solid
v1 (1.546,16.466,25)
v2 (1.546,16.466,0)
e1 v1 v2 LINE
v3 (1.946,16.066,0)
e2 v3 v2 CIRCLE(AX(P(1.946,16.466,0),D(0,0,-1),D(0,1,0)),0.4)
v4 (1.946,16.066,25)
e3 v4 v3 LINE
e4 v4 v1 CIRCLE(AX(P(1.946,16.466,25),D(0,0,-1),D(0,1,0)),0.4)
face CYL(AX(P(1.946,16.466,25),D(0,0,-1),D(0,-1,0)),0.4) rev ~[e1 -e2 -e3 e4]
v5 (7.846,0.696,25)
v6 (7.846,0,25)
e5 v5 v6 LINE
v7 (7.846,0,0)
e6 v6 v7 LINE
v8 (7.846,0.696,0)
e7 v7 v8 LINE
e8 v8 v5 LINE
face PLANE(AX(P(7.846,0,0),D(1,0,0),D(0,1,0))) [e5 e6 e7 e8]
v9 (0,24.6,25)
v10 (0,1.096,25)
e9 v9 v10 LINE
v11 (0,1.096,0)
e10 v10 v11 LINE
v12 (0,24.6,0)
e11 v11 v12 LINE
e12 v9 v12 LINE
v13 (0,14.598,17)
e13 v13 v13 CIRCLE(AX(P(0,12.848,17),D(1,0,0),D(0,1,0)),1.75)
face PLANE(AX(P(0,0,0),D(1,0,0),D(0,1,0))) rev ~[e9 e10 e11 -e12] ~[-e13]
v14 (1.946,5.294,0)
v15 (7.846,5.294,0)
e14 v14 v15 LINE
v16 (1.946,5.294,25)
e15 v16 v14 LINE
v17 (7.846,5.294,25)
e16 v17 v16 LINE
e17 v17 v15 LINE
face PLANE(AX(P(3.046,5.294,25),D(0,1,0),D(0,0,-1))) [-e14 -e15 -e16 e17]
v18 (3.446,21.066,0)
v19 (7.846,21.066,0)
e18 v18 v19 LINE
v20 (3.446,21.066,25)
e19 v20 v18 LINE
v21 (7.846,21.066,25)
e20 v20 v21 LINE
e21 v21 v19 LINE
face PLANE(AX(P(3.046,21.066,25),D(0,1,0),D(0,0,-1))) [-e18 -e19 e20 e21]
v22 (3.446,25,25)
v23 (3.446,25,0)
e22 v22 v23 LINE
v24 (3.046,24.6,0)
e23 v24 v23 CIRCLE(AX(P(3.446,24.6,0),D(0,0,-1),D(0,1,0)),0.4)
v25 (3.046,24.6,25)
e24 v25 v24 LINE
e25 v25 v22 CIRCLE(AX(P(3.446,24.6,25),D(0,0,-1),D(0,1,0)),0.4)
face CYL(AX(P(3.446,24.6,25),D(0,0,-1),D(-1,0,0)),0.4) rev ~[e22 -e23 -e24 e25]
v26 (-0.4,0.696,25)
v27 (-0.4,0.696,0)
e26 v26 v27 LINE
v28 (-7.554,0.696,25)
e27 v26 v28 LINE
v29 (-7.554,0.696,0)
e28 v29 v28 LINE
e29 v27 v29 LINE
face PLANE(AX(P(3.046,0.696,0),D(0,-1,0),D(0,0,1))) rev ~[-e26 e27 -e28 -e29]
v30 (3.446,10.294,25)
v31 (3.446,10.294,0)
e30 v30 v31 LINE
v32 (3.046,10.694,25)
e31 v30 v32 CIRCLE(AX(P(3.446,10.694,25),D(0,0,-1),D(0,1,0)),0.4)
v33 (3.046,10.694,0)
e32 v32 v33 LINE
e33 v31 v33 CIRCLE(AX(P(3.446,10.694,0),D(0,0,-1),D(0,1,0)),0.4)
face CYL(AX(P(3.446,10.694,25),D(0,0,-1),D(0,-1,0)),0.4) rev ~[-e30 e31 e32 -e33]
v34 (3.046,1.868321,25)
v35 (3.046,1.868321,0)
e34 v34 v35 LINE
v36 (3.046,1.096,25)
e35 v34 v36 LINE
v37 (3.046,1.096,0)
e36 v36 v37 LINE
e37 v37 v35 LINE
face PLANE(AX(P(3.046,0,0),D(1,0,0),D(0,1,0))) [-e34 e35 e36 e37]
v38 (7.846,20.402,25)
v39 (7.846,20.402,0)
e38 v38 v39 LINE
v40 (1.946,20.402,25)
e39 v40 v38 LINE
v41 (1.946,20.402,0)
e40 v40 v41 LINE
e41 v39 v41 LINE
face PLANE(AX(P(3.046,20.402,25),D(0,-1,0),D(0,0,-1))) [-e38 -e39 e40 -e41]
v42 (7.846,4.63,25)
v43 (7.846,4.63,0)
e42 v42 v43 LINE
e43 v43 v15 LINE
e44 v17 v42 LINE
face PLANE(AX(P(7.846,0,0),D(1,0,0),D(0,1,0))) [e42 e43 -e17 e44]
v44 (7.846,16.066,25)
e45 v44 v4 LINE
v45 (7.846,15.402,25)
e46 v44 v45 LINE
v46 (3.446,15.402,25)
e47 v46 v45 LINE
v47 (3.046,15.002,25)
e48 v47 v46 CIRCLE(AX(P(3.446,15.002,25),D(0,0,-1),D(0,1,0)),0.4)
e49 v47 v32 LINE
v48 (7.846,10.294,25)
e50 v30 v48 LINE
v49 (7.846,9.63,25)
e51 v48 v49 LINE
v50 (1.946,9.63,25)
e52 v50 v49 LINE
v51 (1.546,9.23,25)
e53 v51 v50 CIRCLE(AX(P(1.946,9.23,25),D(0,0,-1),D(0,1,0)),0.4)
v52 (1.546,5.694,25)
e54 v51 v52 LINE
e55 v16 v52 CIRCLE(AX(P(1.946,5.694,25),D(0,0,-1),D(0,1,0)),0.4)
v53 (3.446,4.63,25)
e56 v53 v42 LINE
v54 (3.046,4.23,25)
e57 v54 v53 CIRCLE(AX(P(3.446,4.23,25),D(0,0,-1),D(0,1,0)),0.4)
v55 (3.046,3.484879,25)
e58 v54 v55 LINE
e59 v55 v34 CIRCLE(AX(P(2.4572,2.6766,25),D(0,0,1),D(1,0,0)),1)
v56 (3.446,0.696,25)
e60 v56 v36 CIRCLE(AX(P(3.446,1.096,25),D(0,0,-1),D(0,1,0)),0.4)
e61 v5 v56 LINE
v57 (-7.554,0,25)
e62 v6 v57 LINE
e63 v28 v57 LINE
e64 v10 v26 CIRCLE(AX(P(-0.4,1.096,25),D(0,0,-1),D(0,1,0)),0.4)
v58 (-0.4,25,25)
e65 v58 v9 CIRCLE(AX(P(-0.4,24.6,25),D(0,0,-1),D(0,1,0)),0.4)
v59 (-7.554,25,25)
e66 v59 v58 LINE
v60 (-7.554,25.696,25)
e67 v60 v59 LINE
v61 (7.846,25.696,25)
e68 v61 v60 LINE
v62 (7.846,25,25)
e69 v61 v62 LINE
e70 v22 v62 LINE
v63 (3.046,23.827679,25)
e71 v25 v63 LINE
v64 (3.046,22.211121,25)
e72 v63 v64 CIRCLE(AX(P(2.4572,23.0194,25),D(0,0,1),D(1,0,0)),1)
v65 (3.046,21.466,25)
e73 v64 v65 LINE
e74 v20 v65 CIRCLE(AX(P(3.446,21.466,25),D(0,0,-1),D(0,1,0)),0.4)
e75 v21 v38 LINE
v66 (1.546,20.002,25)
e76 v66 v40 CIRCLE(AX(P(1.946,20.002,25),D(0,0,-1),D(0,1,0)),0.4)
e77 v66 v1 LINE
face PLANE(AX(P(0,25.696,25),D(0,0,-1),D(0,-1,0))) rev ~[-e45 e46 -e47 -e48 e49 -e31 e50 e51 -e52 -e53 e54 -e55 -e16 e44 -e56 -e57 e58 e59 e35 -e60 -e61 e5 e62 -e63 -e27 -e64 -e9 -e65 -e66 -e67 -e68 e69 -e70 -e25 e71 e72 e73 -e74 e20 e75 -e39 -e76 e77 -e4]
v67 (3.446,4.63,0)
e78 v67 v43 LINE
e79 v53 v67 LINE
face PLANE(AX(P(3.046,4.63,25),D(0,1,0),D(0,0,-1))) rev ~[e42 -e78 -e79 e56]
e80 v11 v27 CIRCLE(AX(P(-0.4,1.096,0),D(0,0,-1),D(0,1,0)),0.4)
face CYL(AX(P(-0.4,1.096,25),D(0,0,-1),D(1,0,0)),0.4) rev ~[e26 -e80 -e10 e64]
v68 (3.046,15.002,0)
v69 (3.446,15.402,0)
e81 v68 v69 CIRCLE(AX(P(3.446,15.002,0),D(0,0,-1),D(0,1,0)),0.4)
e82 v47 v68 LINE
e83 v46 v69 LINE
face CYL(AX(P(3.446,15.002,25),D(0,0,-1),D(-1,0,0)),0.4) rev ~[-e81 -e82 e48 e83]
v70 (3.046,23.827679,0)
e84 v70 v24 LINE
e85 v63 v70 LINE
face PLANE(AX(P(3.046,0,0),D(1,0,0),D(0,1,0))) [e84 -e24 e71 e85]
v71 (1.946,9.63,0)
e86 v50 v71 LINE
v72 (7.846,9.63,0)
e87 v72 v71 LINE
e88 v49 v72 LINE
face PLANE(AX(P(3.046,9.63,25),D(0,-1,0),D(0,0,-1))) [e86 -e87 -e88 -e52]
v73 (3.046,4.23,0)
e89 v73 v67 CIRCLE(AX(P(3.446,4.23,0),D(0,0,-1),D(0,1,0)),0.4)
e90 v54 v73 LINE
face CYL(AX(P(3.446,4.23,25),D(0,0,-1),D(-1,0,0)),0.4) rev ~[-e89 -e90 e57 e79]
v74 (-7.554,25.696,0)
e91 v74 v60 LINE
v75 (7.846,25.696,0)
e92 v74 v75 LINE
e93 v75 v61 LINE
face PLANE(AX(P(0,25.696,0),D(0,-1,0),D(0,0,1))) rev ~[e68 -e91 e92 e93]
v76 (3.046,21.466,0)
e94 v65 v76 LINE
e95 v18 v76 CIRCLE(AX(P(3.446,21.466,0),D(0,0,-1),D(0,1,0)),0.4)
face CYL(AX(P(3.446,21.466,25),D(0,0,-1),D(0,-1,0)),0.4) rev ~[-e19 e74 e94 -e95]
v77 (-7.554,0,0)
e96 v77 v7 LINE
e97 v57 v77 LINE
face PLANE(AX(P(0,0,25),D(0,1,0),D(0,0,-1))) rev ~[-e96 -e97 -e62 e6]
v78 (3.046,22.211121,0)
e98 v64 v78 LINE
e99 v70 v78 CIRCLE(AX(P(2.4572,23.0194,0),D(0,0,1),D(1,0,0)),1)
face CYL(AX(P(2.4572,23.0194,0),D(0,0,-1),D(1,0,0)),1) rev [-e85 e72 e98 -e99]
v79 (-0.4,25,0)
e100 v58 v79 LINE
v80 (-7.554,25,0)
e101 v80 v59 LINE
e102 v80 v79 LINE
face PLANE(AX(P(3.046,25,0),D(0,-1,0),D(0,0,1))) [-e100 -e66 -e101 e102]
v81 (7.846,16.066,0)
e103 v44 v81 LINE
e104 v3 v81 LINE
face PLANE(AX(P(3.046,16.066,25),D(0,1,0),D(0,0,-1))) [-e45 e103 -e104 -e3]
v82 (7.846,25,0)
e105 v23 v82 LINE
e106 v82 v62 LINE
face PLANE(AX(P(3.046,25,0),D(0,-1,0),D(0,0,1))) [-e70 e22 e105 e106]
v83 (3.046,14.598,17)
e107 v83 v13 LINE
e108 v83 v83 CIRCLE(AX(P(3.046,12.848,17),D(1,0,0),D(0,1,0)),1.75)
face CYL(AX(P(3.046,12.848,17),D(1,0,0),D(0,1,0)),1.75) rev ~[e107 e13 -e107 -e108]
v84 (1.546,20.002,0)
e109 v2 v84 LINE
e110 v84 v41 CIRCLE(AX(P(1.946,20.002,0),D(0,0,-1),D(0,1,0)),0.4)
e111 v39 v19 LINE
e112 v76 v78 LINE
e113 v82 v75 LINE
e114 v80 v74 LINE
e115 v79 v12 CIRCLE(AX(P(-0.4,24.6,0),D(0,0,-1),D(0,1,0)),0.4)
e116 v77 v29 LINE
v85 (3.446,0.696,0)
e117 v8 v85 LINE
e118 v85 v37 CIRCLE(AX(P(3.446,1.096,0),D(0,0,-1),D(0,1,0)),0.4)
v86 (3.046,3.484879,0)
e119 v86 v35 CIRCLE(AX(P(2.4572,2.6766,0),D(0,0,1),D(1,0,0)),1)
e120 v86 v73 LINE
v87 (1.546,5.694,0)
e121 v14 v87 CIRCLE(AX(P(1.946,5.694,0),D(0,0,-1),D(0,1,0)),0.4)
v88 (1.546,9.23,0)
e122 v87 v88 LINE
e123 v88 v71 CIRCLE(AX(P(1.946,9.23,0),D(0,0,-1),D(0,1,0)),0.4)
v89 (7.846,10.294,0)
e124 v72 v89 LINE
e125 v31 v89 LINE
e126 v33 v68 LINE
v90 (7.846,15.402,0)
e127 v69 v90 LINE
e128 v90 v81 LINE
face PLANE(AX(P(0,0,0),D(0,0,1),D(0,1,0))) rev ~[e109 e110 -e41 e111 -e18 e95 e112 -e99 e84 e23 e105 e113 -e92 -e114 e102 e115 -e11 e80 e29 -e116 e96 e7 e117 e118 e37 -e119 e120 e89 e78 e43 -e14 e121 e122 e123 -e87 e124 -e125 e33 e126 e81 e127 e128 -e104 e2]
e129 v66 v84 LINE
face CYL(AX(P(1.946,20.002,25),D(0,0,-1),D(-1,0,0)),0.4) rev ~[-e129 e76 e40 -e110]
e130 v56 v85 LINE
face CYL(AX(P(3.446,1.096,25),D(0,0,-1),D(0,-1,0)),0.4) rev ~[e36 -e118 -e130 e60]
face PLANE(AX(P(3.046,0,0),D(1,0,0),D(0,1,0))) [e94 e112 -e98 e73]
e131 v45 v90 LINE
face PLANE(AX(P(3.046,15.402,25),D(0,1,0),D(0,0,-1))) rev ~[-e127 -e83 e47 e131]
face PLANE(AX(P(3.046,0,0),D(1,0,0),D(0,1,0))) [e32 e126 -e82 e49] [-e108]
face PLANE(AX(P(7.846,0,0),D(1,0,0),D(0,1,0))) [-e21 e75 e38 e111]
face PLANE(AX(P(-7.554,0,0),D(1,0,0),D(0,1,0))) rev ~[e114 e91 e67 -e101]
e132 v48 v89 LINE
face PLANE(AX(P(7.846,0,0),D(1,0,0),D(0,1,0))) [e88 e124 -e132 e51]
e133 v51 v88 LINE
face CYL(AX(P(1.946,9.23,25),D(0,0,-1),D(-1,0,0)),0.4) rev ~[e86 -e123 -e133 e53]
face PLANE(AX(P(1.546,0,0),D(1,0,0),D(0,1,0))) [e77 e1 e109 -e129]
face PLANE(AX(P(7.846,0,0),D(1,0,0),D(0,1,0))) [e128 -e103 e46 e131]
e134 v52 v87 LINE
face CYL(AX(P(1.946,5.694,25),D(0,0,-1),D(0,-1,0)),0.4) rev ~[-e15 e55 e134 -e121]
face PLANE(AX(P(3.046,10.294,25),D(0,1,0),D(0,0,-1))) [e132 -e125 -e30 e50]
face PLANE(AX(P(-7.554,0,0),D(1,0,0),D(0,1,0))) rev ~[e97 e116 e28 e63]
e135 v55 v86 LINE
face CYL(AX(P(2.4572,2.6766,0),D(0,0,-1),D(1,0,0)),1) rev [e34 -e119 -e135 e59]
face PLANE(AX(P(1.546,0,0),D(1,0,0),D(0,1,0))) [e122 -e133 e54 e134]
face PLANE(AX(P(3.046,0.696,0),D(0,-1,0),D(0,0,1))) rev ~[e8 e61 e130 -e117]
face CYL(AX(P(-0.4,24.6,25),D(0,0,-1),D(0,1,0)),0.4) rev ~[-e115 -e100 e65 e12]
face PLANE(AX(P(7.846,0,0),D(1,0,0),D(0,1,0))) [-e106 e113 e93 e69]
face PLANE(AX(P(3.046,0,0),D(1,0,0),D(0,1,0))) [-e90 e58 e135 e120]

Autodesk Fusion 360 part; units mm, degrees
sketch "Sketch1" plane through (0, 0, 0) normal (1, 0, 0) x (0, 1, 0)
  line L0 (0, 0) -> (25.696, 0)
  line L1 (25.696, 0) -> (25.696, 25)
  line L2 (25.696, 25) -> (0, 25)
  line L3 (0, 25) -> (0, 0)
  dimension "d1" = 25.696
  dimension "d2" = 25
extrude "Extrude1" add sketch "Sketch1" along normal blind 3.046
sketch "Sketch4" plane through (3.046, 0, 0) normal (1, 0, 0) x (0, 1, 0)
  line L0 (0, 25) -> (0, 0)
  line L1 (0, 0) -> (25.696, 0)
  line L2 (25.696, 0) -> (25.696, 25)
  line L3 (25.696, 25) -> (0, 25)
  line L4 (0, 0) -> (0.696, 0)
  line L5 (0.696, 0) -> (0.696, 25)
  line L6 (0.696, 25) -> (0, 25)
  line L7 (0, 25) -> (0, 0)
  line L8 (12.848, 25) -> (12.848, 0) construction
  line L9 (25.696, 25) -> (25.696, 0)
  line L10 (25, 0) -> (25, 25)
  dimension "d15" = 0.696
  dimension "d16" = 25
extrude "Extrude3" add sketch "Sketch4" along normal blind 4.8 and the other way blind 10.6 contours L0 L1 L3 L4 L5 L6 L7 | L1 L2 L3 L9 L10
sketch "Sketch5" plane through (3.046, 0, 0) normal (1, 0, 0) x (0, 1, 0)
  line L0 (25, 0) -> (25, 25)
  line L1 (25, 25) -> (0.696, 25)
  line L2 (0.696, 25) -> (0.696, 0)
  line L3 (0.696, 0) -> (25, 0)
  line L4 (4.63, 25) -> (4.63, 0)
  line L5 (5.294, 25) -> (5.294, 0)
  line L6 (9.63, 25) -> (9.63, 0)
  line L7 (10.294, 25) -> (10.294, 0)
  line L8 (12.848, 25) -> (12.848, 0) construction
  line L9 (21.066, 25) -> (21.066, 0)
  line L10 (20.402, 25) -> (20.402, 0)
  line L11 (16.066, 25) -> (16.066, 0)
  line L12 (15.402, 25) -> (15.402, 0)
  dimension "d21" = -3.934
  dimension "d22" = -4.598
  dimension "d23" = -8.934
  dimension "d24" = -9.598
extrude "Extrude4" add sketch "Sketch5" along normal blind 4.8 contours L1 L3 L9 L10 | L1 L3 L11 L12 | L1 L3 L6 L7 | L1 L3 L4 L5
sketch "Sketch6" plane through (0, 0, 0) normal (0, 0, 1) x (1, 0, 0)
  circle A0 centre (2.4572, 2.6766) radius 1
  line L0 (0, 0) -> (0, 25.696)
  line L1 (0, 12.848) -> (3.046, 12.848) construction
  circle A1 centre (2.4572, 23.0194) radius 1
  dimension "d27" = 2
  dimension "d28" = 25.696
  dimension "d29" = 3.046
extrude "Extrude5" cut sketch "Sketch6" along normal blind 25
sketch "Sketch7" plane through (0, 0, 0) normal (1, 0, 0) x (0, 1, 0)
sketch "Sketch8" plane through (3.046, 0, 0) normal (1, 0, 0) x (0, 1, 0)
  line L0 (15.402, 0) -> (15.402, 25)
  line L1 (15.402, 25) -> (10.294, 25)
  line L2 (10.294, 25) -> (10.294, 0)
  line L3 (10.294, 0) -> (15.402, 0)
  line L4 (12.848, 0) -> (12.848, 17) construction
  circle A0 centre (12.848, 17) radius 1.75
  dimension "d32" = 3.5
extrude "Extrude6" cut sketch "Sketch8" against normal blind 3.046 contours A0
sketch "Sketch9" plane through (0, 0, 0) normal (0, 0, 1) x (1, 0, 0)
sketch "Sketch10" plane through (0, 0, 0) normal (1, 0, 0) x (0, 1, 0)
extrude "Extrude7" cut 1 faces at (3.046, 8.1847, 8.3333) along direction (-1, 0, 0) blind 1.5
sketch "Sketch11" plane through (0, 0, 0) normal (1, 0, 0) x (0, 1, 0)
extrude "Extrude8" cut 1 faces at (3.046, 17.5113, 8.3333) along direction (-1, 0, 0) blind 1.5
fillet "Fillet1" radius 0.4 10 edges at (3.046, 0.696, 12.5) (3.046, 4.63, 12.5) (1.546, 9.63, 12.5) (3.046, 15.402, 12.5) (1.546, 20.402, 12.5) (3.046, 25, 12.5) (1.546, 5.294, 12.5) (3.046, 10.294, 12.5) (1.546, 16.066, 12.5) (3.046, 21.066, 12.5)
fillet "Fillet2" radius 0.4 2 edges at (0, 25, 12.5) (0, 0.696, 12.5)
sketch "Sketch12" plane through (0, 0, 0) normal (1, 0, 0) x (0, 1, 0)
  line L0 (25.696, 25) -> (25.696, 0)
  circle A0 centre (12.848, 17) radius 1.75
  dimension "d45" = 25
  dimension "d46" = 25.696
  dimension "d47" = 3.5
sketch "Sketch13" plane through (0, 0, 0) normal (0, 1, 0) x (1, 0, 0)
  line L0 (7.846, -25) -> (7.846, 0)
  line L1 (-7.554, 0) -> (7.846, 0)
  dimension "d48" = 25
  dimension "d49" = 15.4
sketch "Sketch14" plane through (0, 0, 0) normal (0, 0, 1) x (1, 0, 0)
  arc A0 (3.046, 3.4849) -> (3.046, 1.8683) centre (2.4572, 2.6766) ccw
  line L0 (3.446, 4.63) -> (7.846, 4.63)
  line L1 (7.846, 5.294) -> (1.946, 5.294)
  line L2 (1.546, 5.694) -> (1.546, 9.23)
  line L3 (3.046, 15.002) -> (3.046, 10.694)
  line L4 (3.446, 10.294) -> (7.846, 10.294)
  line L5 (3.446, 0.696) -> (7.846, 0.696)
  point P0 (-7.554, 0)
  point P1 (-7.554, 25.696)
  dimension "d50" = 25.696
  dimension "d51" = 1
  dimension "d53" = 5.9
  dimension "d54" = 3.536
  dimension "d55" = 4.308
  dimension "d56" = 4.4
  dimension "d57" = 4.4
sketch "Sketch15" plane through (0, 0, 0) normal (1, 0, 0) x (0, 1, 0)
  line L0 (9.63, 25) -> (9.63, 0)
  dimension "d58" = 25
equation "d6 = -0.696 mm - 3.934 mm"
equation "d7 = -0.696 mm - 3.934 mm - 0.664 mm"
equation "d8 = -0.696 mm - 3.934 mm - 0.664 mm - 4.336 mm"
equation "d9 = -0.696 mm - 3.934 mm - 0.664 mm - 4.336 mm - 0.664 mm"
equation "d19 = 3.046 mm + 7.554 mm"
equation "d22 = -3.934 mm - 0.664 mm"
equation "d23 = -3.934 mm - 0.664 mm - 4.336 mm"
equation "d24 = -3.934 mm - 0.664 mm - 4.336 mm - 0.664 mm"
